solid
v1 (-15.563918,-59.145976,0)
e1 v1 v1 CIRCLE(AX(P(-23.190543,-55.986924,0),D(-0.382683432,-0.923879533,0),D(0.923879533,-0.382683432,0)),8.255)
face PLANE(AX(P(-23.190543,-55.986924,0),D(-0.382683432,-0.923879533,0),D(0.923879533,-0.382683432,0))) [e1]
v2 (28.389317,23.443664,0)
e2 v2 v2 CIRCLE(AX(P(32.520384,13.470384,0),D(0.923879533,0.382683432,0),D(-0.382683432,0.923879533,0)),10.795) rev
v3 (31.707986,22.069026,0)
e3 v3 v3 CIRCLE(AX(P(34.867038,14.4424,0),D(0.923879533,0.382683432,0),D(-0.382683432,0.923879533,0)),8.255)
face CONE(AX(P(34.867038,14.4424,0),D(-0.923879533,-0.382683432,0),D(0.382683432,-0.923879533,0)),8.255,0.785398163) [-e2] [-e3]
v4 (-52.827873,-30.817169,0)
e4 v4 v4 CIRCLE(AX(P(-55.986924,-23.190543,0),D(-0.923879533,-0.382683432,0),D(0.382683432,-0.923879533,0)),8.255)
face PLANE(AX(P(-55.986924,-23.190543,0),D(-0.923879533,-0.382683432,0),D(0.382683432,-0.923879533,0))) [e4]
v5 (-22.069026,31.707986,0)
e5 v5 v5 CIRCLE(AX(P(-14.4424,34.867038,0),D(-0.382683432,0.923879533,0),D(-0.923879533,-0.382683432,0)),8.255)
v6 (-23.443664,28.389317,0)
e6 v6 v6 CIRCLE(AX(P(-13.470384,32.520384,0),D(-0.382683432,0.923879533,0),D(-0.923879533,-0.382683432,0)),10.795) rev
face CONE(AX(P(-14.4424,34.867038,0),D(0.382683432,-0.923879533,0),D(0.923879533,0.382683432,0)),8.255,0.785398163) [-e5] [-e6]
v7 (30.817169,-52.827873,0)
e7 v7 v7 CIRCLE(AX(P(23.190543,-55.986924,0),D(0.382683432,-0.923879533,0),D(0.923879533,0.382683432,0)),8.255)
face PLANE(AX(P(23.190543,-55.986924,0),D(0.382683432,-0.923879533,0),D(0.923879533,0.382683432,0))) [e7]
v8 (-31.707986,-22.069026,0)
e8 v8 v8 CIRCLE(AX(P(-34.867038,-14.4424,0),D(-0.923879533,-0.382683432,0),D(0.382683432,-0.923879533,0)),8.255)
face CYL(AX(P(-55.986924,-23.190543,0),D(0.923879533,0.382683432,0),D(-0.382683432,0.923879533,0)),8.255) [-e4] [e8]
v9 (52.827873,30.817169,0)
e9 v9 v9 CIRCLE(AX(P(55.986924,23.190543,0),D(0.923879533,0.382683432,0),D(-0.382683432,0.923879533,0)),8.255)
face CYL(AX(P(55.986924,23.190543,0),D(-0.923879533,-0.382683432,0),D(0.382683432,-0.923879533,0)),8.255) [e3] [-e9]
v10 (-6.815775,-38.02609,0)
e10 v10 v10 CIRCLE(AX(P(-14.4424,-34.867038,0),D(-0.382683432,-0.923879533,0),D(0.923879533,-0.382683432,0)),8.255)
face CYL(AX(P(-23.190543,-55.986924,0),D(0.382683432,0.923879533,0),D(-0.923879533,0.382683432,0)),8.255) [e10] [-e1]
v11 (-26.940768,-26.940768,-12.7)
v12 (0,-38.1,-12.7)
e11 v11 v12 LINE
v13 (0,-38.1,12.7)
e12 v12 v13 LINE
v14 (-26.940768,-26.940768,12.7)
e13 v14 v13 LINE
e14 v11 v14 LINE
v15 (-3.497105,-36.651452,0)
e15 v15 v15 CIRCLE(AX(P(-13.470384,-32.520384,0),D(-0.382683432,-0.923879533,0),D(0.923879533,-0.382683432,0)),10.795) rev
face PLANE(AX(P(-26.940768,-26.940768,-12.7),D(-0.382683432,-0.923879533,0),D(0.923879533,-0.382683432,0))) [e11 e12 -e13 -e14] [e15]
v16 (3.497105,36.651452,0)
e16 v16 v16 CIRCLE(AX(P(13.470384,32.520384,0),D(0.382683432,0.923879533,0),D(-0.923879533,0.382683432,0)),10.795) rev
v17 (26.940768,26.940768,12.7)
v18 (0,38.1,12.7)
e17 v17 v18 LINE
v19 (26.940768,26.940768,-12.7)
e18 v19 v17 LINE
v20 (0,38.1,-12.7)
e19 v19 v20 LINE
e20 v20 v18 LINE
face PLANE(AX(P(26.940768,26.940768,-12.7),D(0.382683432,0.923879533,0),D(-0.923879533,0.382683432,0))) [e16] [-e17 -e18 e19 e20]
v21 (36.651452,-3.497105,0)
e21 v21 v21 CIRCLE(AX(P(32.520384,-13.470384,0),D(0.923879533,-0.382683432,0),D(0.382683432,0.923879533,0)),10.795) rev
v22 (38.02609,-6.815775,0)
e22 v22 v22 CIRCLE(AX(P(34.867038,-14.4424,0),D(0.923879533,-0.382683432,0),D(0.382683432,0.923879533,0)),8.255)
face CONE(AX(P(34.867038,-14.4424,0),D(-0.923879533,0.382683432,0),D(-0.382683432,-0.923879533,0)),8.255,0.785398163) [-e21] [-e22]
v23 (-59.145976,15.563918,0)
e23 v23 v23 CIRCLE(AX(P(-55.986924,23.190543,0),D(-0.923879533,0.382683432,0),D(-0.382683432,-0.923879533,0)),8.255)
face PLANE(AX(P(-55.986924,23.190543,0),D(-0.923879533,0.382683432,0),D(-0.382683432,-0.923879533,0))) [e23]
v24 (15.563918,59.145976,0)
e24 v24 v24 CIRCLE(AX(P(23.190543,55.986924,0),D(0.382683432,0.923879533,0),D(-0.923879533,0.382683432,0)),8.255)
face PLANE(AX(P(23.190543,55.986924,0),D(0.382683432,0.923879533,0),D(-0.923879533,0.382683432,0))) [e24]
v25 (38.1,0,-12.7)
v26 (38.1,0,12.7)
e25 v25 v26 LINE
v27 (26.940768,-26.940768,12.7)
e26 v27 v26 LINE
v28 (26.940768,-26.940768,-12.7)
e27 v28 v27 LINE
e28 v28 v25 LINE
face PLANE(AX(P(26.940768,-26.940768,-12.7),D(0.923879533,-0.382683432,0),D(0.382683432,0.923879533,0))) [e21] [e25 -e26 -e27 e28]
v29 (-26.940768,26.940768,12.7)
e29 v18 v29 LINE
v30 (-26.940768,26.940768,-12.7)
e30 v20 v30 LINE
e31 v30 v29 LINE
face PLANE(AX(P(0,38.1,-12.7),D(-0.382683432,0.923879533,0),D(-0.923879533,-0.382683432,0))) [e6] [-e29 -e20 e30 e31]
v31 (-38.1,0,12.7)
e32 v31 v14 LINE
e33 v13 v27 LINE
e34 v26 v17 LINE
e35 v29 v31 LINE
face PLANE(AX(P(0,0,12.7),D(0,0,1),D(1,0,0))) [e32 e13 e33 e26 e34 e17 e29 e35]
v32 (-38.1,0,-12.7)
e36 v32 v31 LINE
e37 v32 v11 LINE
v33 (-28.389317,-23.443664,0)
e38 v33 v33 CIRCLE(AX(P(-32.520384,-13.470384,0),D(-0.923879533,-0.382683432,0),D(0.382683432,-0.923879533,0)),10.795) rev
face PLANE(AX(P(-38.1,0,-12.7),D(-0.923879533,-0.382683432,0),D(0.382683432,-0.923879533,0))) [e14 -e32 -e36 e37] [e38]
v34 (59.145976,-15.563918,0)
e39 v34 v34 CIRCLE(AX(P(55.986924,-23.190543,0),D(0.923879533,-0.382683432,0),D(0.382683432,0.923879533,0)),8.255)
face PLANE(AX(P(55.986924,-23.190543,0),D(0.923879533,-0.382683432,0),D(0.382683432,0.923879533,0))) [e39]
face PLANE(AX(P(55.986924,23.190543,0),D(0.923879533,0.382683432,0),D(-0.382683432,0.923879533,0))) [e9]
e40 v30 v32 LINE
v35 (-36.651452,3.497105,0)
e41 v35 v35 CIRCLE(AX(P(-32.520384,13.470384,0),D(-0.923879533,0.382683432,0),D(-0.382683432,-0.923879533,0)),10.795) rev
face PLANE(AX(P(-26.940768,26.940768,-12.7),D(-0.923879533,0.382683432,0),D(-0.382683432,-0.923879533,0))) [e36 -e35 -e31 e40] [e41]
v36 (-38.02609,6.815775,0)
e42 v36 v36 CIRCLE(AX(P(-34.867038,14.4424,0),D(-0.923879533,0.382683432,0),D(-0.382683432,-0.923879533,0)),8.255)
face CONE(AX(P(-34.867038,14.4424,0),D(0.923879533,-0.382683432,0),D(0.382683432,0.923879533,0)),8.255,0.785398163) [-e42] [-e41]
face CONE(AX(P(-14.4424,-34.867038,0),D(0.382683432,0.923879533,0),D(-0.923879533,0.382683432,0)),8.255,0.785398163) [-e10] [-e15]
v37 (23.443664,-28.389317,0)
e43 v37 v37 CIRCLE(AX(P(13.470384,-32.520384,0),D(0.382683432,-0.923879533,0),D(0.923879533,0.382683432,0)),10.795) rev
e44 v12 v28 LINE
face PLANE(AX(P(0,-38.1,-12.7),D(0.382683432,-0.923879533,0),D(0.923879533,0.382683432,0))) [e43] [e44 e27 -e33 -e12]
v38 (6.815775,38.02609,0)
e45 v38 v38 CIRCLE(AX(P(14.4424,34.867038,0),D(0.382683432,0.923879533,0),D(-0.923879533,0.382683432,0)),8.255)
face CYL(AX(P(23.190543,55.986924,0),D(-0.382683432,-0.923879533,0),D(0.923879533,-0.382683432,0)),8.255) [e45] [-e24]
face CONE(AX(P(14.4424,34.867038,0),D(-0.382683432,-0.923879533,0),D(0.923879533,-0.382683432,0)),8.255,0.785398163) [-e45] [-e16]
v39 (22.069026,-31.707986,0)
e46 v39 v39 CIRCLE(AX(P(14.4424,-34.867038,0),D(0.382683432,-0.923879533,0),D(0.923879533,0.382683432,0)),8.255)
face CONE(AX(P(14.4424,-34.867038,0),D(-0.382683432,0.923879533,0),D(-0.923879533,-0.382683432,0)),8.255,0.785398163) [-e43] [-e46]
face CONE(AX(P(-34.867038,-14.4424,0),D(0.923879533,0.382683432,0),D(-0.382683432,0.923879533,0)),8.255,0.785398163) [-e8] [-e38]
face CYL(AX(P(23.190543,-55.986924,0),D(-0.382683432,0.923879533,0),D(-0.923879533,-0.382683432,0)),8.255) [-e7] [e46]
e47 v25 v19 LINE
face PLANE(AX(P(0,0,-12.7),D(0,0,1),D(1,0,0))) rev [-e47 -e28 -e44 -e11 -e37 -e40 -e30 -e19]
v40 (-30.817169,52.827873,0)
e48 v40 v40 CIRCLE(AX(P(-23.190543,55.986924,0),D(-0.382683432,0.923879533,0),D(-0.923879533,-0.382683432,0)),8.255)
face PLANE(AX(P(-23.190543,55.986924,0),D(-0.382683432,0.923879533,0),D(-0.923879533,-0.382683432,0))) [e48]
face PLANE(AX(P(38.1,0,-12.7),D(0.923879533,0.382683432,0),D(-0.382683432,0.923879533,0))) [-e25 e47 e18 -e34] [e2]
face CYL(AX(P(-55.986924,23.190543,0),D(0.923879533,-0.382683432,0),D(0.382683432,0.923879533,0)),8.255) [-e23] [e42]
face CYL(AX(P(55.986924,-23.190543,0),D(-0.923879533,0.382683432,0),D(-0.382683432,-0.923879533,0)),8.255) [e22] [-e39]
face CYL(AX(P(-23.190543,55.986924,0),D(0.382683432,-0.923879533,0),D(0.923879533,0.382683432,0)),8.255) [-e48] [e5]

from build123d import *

# Parameters (mm, degrees)
SKETCH1_R           = 38.1
BOSS_EXTRUDE1_DEPTH = 12.7
SKETCH2_OUTSIDE_W   = 100.344
SKETCH2_OUTSIDE_H   = 100.344
CUT_EXTRUDE1_DEPTH  = 25.4
SKETCH3_R           = 8.255
BOSS_EXTRUDE2_DEPTH = 25.4
CIRPATTERN4_COUNT   = 8
CHAMFER2_SIZE       = 2.54


with BuildPart() as part:
    # Sketch1 → Boss-Extrude1 (new body, symmetric)
    with BuildSketch(Plane.XY):
        Circle(SKETCH1_R)
    extrude(amount=BOSS_EXTRUDE1_DEPTH, both=True)

    # Sketch2 outside → Cut-Extrude1 (cut)
    with BuildSketch(Plane.XY.offset(12.7)):
        Rectangle(SKETCH2_OUTSIDE_W, SKETCH2_OUTSIDE_H)
        Polygon((38.1, 0), (26.940768363, 26.940768363), (0, 38.1), (-26.940768363, 26.940768363), (-38.1, 0), (-26.940768363, -26.940768363), (0, -38.1), (26.940768363, -26.940768363), align=None, mode=Mode.SUBTRACT)
    extrude(amount=-CUT_EXTRUDE1_DEPTH, mode=Mode.SUBTRACT)

    # Sketch3 → Boss-Extrude2 (add)
    with BuildSketch(Plane(origin=(13.470384182, 32.520384182, 0), x_dir=(0.923879533, -0.382683432, 0), z_dir=(0.382683432, 0.923879533, 0))):
        Circle(SKETCH3_R)
    boss_extrude2 = extrude(amount=BOSS_EXTRUDE2_DEPTH)

    # CirPattern4: Boss-Extrude2 ×8 about axis
    cirpattern4_axis = Axis((0, 0, 0), (0, 0, 1))
    for i in range(1, CIRPATTERN4_COUNT):
        add(boss_extrude2.rotate(cirpattern4_axis, i * 360 / CIRPATTERN4_COUNT))

    # Chamfer2
    chamfer2_edges = [part.edges().sort_by_distance(p)[0] for p in [
        (5.843758641, 35.679435916, 0),
        (29.361332447, 21.097009722, 0),
        (35.679435916, -5.843758641, 0),
        (21.097009722, -29.361332447, 0),
        (-5.843758641, -35.679435916, 0),
        (-29.361332447, -21.097009722, 0),
        (-35.679435916, 5.843758641, 0),
        (-21.097009722, 29.361332447, 0),
    ]]
    chamfer(chamfer2_edges, length=CHAMFER2_SIZE)


solid = part.part
